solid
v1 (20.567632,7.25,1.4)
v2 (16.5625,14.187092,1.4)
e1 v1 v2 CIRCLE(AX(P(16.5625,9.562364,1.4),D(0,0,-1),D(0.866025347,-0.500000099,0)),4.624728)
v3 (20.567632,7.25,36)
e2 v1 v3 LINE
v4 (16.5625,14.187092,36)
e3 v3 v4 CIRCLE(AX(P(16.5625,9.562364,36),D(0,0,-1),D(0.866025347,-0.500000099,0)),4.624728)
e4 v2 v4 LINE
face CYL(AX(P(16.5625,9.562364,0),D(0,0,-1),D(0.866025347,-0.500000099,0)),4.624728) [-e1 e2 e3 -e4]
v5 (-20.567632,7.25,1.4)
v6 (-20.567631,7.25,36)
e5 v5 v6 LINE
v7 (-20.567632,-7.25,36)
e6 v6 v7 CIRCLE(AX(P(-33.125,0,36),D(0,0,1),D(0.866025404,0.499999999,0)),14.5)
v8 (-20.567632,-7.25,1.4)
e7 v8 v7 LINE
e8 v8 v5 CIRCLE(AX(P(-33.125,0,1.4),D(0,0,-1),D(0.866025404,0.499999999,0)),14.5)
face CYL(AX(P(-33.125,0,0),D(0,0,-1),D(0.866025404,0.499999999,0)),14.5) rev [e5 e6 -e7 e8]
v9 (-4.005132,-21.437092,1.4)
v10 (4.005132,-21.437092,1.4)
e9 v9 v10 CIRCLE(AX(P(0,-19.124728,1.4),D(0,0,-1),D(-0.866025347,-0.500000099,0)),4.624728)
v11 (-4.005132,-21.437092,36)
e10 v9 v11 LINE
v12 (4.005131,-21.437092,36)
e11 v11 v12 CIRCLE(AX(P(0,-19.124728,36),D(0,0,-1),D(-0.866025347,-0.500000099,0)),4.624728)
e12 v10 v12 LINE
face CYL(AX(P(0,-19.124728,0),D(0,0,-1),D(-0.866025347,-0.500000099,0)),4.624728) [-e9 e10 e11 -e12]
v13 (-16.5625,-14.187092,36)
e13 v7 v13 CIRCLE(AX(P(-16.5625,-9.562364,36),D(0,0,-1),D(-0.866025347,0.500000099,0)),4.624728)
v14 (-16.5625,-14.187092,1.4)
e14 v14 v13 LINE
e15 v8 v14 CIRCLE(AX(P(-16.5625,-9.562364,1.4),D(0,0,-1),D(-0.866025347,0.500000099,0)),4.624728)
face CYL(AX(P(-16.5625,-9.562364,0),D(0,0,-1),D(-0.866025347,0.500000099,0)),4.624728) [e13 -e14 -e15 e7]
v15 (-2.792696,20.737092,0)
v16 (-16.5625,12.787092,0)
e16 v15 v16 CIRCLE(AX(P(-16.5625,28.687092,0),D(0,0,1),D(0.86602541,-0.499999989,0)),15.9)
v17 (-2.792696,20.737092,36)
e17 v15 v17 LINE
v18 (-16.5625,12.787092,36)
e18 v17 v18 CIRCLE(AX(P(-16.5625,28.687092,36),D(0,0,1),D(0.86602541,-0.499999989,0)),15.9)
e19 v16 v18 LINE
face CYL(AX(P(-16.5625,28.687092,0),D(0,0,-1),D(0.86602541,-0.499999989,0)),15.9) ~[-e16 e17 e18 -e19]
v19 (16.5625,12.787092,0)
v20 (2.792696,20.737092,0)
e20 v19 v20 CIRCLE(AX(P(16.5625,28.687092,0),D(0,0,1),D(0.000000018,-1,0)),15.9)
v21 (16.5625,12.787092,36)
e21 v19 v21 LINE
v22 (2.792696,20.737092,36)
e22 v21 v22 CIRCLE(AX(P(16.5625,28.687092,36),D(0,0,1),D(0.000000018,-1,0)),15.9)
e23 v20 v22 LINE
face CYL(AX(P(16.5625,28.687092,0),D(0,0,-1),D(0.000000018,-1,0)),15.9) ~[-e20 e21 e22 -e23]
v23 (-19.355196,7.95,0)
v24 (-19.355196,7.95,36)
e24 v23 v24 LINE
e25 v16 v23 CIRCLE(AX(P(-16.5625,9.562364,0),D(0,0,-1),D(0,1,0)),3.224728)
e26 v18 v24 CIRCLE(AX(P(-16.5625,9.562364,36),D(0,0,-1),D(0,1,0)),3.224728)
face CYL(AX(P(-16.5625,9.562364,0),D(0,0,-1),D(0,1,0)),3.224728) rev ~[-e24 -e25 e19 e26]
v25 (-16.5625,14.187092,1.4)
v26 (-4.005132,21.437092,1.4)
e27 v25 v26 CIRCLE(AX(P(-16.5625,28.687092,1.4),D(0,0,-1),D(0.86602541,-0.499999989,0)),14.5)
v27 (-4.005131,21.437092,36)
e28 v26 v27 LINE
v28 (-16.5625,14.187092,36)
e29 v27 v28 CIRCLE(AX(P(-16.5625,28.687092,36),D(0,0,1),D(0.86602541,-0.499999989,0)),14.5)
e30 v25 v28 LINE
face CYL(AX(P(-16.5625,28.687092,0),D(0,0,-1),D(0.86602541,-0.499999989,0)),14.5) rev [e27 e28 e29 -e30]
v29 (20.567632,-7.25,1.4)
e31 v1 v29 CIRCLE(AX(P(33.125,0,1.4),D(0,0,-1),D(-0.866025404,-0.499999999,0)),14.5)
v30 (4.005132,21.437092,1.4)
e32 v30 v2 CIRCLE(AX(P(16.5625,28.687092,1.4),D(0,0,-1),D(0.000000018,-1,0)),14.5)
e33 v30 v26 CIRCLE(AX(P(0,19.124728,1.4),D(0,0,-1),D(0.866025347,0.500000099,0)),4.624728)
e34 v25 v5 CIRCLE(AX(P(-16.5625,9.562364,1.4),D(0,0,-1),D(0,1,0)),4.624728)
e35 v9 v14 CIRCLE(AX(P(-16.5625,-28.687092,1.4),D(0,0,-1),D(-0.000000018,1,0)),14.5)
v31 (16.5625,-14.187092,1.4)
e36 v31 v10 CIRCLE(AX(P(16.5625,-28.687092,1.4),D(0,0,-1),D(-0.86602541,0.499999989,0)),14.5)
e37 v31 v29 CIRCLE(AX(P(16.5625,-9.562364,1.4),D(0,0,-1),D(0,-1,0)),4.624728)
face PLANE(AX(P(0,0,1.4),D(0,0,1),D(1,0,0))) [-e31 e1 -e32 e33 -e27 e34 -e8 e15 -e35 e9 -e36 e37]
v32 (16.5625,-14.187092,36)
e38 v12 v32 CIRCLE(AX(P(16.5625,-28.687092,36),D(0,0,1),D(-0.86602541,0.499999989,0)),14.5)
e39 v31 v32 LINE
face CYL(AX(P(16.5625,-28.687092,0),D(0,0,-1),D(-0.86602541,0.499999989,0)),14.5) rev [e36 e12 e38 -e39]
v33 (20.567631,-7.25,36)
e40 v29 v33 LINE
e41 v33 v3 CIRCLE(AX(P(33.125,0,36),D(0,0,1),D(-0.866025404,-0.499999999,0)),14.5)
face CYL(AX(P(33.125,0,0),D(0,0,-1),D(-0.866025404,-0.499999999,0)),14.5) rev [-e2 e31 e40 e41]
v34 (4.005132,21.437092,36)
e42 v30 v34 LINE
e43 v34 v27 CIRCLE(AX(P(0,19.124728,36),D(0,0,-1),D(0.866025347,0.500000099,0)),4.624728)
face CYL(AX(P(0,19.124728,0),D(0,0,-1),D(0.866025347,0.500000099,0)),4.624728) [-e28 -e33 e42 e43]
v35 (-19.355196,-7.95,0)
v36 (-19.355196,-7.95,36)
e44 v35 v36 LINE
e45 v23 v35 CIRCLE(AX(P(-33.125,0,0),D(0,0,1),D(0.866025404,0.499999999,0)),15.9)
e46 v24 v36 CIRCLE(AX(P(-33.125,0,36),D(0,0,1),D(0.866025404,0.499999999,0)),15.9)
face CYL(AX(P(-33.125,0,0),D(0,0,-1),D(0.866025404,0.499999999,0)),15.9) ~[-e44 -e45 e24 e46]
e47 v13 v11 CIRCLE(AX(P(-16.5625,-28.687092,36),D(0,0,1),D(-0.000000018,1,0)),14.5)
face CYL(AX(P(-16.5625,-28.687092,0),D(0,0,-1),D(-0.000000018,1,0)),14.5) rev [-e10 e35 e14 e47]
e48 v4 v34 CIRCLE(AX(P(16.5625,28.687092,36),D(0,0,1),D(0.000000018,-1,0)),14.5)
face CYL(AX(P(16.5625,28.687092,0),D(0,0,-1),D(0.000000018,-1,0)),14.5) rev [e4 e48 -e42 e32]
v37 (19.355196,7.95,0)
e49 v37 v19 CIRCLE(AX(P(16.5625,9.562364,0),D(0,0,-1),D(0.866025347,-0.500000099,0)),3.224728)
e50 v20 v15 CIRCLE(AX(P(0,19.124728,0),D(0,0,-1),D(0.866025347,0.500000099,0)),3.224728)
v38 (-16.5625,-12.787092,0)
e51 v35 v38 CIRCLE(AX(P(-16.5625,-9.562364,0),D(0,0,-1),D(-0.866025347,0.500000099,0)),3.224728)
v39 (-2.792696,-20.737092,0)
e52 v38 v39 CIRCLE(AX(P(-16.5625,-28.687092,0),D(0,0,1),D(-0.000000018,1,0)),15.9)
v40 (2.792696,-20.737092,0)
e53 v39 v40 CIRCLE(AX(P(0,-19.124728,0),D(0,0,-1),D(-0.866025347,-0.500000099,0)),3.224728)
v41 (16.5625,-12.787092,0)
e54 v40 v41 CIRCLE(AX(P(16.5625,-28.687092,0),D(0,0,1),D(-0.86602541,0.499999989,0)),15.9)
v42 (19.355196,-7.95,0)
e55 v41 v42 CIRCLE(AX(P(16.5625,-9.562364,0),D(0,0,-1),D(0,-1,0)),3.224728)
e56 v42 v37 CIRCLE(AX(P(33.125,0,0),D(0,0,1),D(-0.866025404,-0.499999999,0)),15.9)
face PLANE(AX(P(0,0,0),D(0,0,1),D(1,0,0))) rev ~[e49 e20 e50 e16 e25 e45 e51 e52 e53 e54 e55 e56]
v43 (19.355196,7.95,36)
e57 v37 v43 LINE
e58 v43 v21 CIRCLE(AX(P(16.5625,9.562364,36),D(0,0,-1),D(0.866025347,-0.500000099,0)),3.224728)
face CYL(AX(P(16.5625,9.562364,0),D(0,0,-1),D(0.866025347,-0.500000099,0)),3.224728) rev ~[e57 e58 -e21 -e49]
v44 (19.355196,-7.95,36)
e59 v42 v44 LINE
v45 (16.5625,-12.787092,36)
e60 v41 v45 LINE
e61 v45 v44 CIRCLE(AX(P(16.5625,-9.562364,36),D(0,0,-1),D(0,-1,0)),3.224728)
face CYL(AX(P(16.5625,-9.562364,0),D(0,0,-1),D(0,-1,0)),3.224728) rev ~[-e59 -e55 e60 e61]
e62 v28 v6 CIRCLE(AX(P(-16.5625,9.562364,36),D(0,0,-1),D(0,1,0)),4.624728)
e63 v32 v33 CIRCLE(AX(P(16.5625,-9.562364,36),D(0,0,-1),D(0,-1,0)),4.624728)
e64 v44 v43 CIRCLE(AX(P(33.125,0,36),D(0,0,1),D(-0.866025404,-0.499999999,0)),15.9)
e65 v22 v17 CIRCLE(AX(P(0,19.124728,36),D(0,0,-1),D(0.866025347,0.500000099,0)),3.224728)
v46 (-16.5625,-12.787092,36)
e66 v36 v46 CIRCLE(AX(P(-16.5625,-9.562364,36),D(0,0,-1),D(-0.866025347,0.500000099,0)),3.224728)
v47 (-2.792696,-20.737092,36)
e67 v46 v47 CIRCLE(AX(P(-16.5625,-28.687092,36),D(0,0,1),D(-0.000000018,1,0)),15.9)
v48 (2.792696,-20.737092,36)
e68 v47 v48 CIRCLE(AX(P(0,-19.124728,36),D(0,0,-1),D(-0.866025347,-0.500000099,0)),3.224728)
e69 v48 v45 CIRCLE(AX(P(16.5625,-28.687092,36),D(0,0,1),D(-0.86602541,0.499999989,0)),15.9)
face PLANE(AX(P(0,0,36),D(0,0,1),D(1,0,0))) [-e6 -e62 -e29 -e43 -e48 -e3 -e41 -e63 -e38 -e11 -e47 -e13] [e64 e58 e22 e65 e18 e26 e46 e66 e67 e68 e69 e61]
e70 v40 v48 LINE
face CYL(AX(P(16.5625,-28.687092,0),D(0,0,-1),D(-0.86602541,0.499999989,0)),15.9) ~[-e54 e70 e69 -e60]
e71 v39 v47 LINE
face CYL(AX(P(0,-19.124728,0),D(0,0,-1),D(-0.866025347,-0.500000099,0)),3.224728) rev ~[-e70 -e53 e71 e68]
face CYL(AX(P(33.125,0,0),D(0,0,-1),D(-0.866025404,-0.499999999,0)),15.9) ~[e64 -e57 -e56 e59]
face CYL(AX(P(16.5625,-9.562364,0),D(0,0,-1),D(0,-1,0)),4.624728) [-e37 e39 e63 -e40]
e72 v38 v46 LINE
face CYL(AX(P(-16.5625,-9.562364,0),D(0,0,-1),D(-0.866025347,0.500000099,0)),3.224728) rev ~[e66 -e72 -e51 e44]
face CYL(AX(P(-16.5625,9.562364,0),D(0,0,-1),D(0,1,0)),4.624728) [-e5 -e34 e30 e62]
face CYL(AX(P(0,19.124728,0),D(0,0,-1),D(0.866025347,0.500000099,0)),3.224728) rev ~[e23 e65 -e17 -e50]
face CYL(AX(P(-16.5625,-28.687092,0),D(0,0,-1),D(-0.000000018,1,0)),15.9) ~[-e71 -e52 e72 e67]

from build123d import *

# Parameters (mm, degrees)
F1_DEPTH = 36
F2_T     = -1.4


with BuildPart() as f1:
    # F0 (on Top) → F1 (new body)
    with BuildSketch(Plane.XY):
        with BuildLine():
            ThreePointArc((-16.5625, 12.787092), (-13.769804, 7.95), (-19.355196, 7.95))
            ThreePointArc((-19.355196, 7.95), (-49.025, 0), (-19.355196, -7.95))
            ThreePointArc((-19.355196, -7.95), (-13.769804, -7.95), (-16.5625, -12.787092))
            ThreePointArc((-16.5625, -12.787092), (-24.5125, -42.456895), (-2.792696, -20.737092))
            ThreePointArc((-2.792696, -20.737092), (0, -15.9), (2.792696, -20.737092))
            ThreePointArc((2.792696, -20.737092), (24.5125, -42.456895), (16.5625, -12.787092))
            ThreePointArc((16.5625, -12.787092), (13.769804, -7.95), (19.355196, -7.95))
            ThreePointArc((19.355196, -7.95), (49.025, 0), (19.355196, 7.95))
            ThreePointArc((19.355196, 7.95), (13.769804, 7.95), (16.5625, 12.787092))
            ThreePointArc((16.5625, 12.787092), (24.5125, 42.456895), (2.792696, 20.737092))
            ThreePointArc((2.792696, 20.737092), (0, 15.9), (-2.792696, 20.737092))
            ThreePointArc((-2.792696, 20.737092), (-24.5125, 42.456895), (-16.5625, 12.787092))
        make_face()
    extrude(amount=F1_DEPTH)

    # F2
    f2_openings = [f1.faces().sort_by_distance(p)[0] for p in [
        (0, 0, 36),
    ]]
    offset(amount=F2_T, openings=f2_openings)


solid = f1.part
